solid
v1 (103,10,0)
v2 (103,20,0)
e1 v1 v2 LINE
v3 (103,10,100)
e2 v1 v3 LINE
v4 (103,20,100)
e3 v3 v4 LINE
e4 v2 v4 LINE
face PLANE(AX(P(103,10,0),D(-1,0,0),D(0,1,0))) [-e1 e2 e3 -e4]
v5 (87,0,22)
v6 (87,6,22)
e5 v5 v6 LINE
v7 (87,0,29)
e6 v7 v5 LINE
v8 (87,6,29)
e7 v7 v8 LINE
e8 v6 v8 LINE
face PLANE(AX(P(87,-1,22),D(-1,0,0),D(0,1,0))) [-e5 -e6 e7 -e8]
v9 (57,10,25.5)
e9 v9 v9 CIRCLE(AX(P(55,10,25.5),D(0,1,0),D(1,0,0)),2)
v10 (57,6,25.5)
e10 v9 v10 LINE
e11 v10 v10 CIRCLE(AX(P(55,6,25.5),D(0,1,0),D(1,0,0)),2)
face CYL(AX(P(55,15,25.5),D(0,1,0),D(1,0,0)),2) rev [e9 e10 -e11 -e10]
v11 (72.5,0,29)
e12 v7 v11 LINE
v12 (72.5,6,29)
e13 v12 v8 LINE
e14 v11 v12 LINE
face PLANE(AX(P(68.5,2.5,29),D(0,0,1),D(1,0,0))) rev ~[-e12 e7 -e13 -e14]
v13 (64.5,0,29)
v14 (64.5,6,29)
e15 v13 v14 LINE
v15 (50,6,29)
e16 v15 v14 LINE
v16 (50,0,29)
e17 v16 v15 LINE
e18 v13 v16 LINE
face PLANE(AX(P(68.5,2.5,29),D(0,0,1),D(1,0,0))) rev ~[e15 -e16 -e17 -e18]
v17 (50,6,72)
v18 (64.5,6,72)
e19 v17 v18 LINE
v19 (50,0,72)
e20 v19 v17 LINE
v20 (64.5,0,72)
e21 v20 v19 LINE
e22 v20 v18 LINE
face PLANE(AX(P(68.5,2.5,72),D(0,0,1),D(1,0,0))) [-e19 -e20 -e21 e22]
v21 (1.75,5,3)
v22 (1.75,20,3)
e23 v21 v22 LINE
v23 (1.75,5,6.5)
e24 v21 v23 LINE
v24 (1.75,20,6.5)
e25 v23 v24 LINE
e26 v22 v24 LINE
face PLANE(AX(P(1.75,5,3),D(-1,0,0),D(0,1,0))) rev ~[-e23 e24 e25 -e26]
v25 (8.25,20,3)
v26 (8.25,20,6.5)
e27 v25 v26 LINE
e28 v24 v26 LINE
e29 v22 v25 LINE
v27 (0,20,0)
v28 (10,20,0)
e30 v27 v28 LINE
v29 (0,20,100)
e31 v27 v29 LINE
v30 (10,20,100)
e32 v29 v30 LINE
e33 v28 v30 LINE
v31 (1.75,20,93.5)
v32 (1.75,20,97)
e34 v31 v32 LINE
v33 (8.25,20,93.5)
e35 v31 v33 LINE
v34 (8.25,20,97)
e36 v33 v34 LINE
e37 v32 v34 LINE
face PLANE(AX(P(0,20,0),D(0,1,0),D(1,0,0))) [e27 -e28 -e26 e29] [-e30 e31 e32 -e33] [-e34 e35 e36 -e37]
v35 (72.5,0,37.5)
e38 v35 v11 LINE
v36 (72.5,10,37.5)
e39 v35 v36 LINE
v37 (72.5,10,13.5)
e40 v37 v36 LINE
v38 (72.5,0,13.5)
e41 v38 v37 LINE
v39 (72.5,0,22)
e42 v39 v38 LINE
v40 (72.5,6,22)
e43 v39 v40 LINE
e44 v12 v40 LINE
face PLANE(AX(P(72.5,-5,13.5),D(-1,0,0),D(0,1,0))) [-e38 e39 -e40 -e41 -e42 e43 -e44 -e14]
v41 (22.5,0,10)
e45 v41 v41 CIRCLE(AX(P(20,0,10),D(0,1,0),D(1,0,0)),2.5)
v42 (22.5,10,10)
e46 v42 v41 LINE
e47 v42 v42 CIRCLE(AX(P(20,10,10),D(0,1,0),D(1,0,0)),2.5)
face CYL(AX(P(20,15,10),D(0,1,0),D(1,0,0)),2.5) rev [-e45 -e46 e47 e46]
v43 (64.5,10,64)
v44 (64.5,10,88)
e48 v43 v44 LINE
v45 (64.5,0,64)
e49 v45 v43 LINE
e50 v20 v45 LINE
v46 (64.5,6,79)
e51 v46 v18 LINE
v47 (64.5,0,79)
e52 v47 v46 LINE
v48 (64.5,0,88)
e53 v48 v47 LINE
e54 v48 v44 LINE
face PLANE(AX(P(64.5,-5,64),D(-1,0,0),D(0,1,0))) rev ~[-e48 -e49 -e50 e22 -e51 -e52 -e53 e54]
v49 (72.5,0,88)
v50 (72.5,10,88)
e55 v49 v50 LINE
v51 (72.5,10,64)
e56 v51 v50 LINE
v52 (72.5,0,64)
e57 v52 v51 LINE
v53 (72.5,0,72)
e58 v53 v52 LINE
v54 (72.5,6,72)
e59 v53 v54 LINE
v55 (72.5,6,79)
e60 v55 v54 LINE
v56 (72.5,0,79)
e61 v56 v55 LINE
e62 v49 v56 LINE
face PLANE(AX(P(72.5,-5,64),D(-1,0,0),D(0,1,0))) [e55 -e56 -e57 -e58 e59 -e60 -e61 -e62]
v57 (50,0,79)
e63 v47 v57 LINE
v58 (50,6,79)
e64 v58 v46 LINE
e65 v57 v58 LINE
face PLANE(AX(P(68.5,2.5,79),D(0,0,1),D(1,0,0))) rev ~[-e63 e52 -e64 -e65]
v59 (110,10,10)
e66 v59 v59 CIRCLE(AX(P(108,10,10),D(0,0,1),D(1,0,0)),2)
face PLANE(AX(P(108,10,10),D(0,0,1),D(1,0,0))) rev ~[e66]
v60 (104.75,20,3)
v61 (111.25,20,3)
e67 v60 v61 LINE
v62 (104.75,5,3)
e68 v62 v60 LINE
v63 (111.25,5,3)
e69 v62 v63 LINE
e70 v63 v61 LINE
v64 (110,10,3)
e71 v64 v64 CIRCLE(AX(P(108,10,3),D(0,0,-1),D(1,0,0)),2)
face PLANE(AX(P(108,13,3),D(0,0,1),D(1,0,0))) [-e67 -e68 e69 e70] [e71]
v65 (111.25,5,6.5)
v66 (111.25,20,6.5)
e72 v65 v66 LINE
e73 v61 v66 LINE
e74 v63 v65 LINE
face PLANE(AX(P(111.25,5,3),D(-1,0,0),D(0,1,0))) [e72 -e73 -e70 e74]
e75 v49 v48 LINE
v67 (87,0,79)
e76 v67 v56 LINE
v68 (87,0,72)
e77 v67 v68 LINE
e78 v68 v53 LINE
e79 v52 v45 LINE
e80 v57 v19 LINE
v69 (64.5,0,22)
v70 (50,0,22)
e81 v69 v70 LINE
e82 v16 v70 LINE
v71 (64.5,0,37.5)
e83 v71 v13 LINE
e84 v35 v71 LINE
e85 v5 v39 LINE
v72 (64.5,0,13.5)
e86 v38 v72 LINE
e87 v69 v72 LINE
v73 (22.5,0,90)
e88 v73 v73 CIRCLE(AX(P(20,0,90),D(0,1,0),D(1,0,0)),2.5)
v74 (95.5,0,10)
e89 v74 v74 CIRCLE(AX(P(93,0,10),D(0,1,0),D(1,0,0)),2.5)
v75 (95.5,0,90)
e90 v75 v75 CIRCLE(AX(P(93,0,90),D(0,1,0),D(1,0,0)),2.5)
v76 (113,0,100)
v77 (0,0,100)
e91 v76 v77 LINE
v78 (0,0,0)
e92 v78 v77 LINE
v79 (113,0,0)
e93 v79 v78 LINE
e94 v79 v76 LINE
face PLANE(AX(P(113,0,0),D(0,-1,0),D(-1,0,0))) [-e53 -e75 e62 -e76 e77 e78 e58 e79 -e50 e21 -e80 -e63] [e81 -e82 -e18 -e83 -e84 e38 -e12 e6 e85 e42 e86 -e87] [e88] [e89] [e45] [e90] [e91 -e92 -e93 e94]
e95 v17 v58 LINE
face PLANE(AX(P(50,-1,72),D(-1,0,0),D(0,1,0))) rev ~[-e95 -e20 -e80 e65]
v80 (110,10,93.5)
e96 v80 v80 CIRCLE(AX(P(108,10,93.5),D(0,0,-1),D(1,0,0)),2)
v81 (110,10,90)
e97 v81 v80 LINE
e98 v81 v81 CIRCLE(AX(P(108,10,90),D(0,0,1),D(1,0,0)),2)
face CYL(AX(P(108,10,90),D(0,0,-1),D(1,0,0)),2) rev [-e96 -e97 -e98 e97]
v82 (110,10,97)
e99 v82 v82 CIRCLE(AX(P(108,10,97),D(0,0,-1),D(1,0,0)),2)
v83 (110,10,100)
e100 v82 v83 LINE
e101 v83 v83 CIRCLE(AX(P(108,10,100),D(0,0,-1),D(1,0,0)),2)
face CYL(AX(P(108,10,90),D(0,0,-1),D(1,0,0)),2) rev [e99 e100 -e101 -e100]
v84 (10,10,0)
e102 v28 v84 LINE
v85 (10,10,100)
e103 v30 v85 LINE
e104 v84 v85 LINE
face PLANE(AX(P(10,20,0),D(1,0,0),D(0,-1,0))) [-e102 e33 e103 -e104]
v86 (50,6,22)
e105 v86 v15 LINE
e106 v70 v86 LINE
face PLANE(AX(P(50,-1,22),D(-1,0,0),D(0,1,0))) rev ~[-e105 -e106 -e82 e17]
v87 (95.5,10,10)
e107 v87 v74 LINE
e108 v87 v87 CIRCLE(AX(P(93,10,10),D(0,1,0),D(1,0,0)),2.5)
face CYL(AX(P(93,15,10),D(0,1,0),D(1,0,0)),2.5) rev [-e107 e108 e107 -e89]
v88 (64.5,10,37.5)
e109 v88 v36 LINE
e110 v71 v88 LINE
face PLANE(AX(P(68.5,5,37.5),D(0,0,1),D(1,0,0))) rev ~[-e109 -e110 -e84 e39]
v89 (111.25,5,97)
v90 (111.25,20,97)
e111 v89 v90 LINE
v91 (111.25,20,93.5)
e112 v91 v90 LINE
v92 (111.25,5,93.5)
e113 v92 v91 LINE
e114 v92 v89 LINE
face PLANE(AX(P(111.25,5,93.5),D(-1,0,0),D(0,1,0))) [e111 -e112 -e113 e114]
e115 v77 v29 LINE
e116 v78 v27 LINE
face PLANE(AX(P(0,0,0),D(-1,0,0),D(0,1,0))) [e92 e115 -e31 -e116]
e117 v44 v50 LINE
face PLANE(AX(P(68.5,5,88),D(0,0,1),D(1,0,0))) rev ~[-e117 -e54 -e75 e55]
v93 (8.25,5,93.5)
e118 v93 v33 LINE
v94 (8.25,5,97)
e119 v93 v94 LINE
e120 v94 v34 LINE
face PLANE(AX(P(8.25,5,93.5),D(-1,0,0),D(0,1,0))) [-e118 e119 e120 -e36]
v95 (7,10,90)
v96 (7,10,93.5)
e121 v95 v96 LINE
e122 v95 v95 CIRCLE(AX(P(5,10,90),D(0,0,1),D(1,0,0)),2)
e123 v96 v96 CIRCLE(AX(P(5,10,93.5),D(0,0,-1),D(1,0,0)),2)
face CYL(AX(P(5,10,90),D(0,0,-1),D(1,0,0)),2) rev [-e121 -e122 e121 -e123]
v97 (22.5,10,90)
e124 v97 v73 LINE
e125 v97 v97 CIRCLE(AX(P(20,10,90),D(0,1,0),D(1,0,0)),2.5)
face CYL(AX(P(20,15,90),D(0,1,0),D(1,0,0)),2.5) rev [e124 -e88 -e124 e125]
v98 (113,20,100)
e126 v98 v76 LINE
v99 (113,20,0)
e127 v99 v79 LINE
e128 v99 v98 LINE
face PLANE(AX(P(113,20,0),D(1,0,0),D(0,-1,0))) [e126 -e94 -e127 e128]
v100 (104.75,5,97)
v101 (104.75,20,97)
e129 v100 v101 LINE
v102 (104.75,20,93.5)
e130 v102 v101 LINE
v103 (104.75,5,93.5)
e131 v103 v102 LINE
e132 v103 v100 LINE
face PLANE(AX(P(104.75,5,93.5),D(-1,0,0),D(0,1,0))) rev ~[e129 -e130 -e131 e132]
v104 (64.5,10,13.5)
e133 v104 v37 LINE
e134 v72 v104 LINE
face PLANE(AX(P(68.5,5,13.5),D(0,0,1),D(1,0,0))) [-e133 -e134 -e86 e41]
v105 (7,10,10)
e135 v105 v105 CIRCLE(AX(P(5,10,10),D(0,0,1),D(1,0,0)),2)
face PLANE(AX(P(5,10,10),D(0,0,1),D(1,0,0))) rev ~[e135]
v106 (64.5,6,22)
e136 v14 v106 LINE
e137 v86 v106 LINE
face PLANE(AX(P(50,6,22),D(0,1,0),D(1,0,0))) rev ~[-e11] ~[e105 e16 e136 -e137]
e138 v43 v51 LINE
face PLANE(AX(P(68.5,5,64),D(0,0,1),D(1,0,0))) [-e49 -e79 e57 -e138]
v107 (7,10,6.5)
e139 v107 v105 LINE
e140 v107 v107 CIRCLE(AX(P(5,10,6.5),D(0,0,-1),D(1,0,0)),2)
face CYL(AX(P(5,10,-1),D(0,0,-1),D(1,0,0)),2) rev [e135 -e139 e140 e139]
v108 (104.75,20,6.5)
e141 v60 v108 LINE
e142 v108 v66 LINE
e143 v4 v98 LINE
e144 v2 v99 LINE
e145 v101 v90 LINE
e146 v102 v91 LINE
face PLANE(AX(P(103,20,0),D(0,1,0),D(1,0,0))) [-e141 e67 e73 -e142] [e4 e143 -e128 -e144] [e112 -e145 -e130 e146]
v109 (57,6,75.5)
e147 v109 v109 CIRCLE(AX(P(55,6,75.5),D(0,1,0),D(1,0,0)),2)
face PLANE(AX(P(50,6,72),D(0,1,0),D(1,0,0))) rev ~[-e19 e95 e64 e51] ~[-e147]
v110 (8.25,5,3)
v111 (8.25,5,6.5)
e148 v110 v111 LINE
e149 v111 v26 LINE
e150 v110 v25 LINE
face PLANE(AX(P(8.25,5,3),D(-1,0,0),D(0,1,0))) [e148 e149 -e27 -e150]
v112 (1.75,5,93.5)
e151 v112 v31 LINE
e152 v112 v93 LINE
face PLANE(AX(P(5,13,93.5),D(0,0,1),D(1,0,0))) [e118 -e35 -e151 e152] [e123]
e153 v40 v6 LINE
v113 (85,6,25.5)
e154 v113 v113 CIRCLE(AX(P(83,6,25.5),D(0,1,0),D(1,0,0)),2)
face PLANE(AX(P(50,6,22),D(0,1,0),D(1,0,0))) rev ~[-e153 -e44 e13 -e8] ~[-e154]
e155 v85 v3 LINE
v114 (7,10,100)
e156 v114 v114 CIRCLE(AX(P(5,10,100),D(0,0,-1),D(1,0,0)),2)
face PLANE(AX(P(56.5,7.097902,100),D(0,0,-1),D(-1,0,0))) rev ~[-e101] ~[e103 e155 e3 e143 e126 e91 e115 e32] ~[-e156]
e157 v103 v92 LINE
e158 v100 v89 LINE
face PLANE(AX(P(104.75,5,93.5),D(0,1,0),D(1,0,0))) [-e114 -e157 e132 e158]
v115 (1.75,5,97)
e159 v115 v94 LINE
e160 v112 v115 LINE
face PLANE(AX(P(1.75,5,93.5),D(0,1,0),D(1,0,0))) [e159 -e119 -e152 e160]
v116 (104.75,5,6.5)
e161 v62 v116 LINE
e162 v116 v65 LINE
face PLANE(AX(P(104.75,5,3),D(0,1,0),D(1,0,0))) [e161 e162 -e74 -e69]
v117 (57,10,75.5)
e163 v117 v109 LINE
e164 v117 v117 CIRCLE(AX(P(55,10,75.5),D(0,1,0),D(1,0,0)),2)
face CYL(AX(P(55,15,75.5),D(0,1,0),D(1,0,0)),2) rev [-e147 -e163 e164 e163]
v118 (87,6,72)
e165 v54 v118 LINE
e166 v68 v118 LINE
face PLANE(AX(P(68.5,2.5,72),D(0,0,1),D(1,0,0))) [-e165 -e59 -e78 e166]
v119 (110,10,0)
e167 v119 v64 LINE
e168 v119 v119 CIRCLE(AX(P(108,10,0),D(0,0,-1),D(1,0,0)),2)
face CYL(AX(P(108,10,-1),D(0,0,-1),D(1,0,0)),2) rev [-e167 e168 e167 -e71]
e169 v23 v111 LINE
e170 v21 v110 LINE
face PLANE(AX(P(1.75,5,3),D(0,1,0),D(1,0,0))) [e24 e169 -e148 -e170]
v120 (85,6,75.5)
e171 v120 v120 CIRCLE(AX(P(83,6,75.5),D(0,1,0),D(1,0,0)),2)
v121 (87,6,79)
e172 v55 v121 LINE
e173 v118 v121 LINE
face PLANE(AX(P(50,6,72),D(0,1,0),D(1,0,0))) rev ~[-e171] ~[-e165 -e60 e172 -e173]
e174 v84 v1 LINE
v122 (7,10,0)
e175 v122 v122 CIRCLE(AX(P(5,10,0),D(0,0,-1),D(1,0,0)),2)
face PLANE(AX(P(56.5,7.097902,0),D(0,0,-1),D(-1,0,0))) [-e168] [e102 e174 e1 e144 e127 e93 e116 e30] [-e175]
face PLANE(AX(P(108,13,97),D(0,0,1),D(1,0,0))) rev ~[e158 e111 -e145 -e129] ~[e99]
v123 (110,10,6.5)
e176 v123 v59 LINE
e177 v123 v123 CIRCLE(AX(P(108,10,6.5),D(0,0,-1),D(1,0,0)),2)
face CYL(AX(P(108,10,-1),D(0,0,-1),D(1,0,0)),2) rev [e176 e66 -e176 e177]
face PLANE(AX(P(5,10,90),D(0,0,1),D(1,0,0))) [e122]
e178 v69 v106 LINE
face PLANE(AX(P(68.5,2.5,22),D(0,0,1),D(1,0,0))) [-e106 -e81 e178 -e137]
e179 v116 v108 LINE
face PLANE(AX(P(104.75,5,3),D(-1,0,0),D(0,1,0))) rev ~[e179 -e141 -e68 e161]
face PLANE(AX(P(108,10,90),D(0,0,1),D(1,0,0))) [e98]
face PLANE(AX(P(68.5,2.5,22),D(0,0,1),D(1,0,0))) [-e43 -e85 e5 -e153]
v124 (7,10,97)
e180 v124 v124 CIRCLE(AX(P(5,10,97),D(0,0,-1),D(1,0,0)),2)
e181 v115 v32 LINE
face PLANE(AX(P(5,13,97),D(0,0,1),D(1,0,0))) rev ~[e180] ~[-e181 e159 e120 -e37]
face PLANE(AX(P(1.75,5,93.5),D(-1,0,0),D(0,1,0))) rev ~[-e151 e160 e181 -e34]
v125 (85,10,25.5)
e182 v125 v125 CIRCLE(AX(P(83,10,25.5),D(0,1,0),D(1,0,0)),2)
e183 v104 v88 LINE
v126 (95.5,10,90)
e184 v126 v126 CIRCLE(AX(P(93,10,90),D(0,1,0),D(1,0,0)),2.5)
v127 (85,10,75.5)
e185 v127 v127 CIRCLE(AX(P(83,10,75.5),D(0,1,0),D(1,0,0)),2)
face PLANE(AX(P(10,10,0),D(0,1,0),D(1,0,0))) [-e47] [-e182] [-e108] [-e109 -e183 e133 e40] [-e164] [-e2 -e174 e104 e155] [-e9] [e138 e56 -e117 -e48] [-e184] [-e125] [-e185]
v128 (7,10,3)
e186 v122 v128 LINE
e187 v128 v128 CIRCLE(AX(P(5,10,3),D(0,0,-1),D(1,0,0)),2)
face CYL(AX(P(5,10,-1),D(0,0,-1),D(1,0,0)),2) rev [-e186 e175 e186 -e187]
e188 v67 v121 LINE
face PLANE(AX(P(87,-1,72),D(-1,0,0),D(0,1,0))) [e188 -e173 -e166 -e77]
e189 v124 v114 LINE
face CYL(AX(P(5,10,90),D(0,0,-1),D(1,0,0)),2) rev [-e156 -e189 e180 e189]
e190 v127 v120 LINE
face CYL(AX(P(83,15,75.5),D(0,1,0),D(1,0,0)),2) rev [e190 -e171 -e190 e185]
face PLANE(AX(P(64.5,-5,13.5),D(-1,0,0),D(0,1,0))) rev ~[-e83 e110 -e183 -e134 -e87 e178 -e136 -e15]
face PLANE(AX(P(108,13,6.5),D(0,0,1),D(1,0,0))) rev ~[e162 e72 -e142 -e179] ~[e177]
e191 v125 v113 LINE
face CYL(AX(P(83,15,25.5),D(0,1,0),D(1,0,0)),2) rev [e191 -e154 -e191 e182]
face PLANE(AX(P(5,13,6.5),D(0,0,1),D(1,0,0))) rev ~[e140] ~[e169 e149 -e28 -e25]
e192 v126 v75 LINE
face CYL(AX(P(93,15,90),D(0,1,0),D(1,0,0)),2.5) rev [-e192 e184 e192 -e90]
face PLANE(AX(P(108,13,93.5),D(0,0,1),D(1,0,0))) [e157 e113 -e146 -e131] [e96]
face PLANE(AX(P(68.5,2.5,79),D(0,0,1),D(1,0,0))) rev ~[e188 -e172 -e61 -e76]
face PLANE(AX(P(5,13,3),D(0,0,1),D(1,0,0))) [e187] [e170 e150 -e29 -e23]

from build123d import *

# Parameters (mm, degrees)
CYLINDER002_R          = 2
CYLINDER002_DEPTH      = 11
ARRAY002_X_COUNT       = 2
ARRAY002_X_PITCH       = 103
ARRAY002_Z_COUNT       = 2
ARRAY002_Z_PITCH       = 91
BOX_W                  = 8
BOX_H                  = 20
BOX_DEPTH              = 24
BOX001_W               = 8
BOX001_H               = 20
BOX001_DEPTH           = 24
BOX002_W               = 37
BOX002_H               = 7
BOX002_DEPTH           = 7
BOX003_W               = 37
BOX003_H               = 7
BOX003_DEPTH           = 7
CYLINDER_R             = 2.5
CYLINDER_DEPTH         = 20
CYLINDER_ROLL_ANGLE    = 90
ARRAY_X_COUNT          = 2
ARRAY_X_PITCH          = 73
ARRAY_Z_COUNT          = 2
ARRAY_Z_PITCH          = 80
CYLINDER001_R          = 2
CYLINDER001_DEPTH      = 20
CYLINDER001_ROLL_ANGLE = 90
ARRAY001_X_COUNT       = 2
ARRAY001_X_PITCH       = 28
ARRAY001_Z_COUNT       = 2
ARRAY001_Z_PITCH       = 50
BOX004_W               = 6.5
BOX004_H               = 16
BOX004_DEPTH           = 3.5
ARRAY003_X_COUNT       = 2
ARRAY003_X_PITCH       = 103
ARRAY003_Z_COUNT       = 2
ARRAY003_Z_PITCH       = 90.5
EXTRUDE001_DEPTH       = 100


with BuildPart() as h_bolts_union:
    # Cylinder002 → Cylinder002 (new body)
    with BuildSketch(Plane(origin=(5, 10, -1), x_dir=(1, 0, 0), z_dir=(0, 0, 1))):
        Circle(CYLINDER002_R)
    extrude(amount=CYLINDER002_DEPTH)

    # Array002 X: h_bolts_union ×2


with BuildPart() as h_bolts_union_1:
    add(h_bolts_union.part)
    with Locations(*[(i * ARRAY002_X_PITCH, 0, 0) for i in range(1, ARRAY002_X_COUNT)]):
        add(h_bolts_union.part)

    # Array002 Z: h_bolts_union ×2


with BuildPart() as h_bolts_union_2:
    add(h_bolts_union_1.part)
    with Locations(*[(0, 0, i * ARRAY002_Z_PITCH) for i in range(1, ARRAY002_Z_COUNT)]):
        add(h_bolts_union_1.part)


with BuildPart() as h_bearing_up_v:
    # Box → Box (new body)
    with BuildSketch(Plane(origin=(64.5, -5, 64), x_dir=(1, 0, 0), z_dir=(0, 0, 1))):
        with Locations((4, 10)):
            Rectangle(BOX_W, BOX_H)
    extrude(amount=BOX_DEPTH)


with BuildPart() as h_bearing_dn_v:
    # Box001 → Box001 (new body)
    with BuildSketch(Plane(origin=(64.5, -5, 13.5), x_dir=(1, 0, 0), z_dir=(0, 0, 1))):
        with Locations((4, 10)):
            Rectangle(BOX001_W, BOX001_H)
    extrude(amount=BOX001_DEPTH)


with BuildPart() as h_bearing_dn_h:
    # Box002 → Box002 (new body)
    with BuildSketch(Plane(origin=(50, -1, 22), x_dir=(1, 0, 0), z_dir=(0, 0, 1))):
        with Locations((18.5, 3.5)):
            Rectangle(BOX002_W, BOX002_H)
    extrude(amount=BOX002_DEPTH)


with BuildPart() as h_bearing_up_h:
    # Box003 → Box003 (new body)
    with BuildSketch(Plane(origin=(50, -1, 72), x_dir=(1, 0, 0), z_dir=(0, 0, 1))):
        with Locations((18.5, 3.5)):
            Rectangle(BOX003_W, BOX003_H)
    extrude(amount=BOX003_DEPTH)


with BuildPart() as h_holes_extra_arr:
    # Cylinder → Cylinder (new body)
    with BuildSketch(Plane.XY):
        Circle(CYLINDER_R)
    extrude(amount=CYLINDER_DEPTH)


with BuildPart() as h_holes_extra_arr_1:
    # Cylinder roll: moved
    add(h_holes_extra_arr.part.rotate(Axis((0, 0, 0), (1, 0, 0)), CYLINDER_ROLL_ANGLE))


with BuildPart() as h_holes_extra_arr_2:
    # Cylinder placement: moved
    add(h_holes_extra_arr_1.part.moved(Location((20, 15, 10))))

    # Array X: h_holes_extra_arr ×2


with BuildPart() as h_holes_extra_arr_3:
    add(h_holes_extra_arr_2.part)
    with Locations(*[(i * ARRAY_X_PITCH, 0, 0) for i in range(1, ARRAY_X_COUNT)]):
        add(h_holes_extra_arr_2.part)

    # Array Z: h_holes_extra_arr ×2


with BuildPart() as h_holes_extra_arr_4:
    add(h_holes_extra_arr_3.part)
    with Locations(*[(0, 0, i * ARRAY_Z_PITCH) for i in range(1, ARRAY_Z_COUNT)]):
        add(h_holes_extra_arr_3.part)


with BuildPart() as h_bearing_bolt:
    # Cylinder001 → Cylinder001 (new body)
    with BuildSketch(Plane.XY):
        Circle(CYLINDER001_R)
    extrude(amount=CYLINDER001_DEPTH)


with BuildPart() as h_bearing_bolt_1:
    # Cylinder001 roll: moved
    add(h_bearing_bolt.part.rotate(Axis((0, 0, 0), (1, 0, 0)), CYLINDER001_ROLL_ANGLE))


with BuildPart() as h_bearing_bolt_2:
    # Cylinder001 placement: moved
    add(h_bearing_bolt_1.part.moved(Location((55, 15, 25.5))))

    # Array001 X: h_bearing_bolt ×2


with BuildPart() as h_bearing_bolt_3:
    add(h_bearing_bolt_2.part)
    with Locations(*[(i * ARRAY001_X_PITCH, 0, 0) for i in range(1, ARRAY001_X_COUNT)]):
        add(h_bearing_bolt_2.part)

    # Array001 Z: h_bearing_bolt ×2


with BuildPart() as h_bearing_bolt_4:
    add(h_bearing_bolt_3.part)
    with Locations(*[(0, 0, i * ARRAY001_Z_PITCH) for i in range(1, ARRAY001_Z_COUNT)]):
        add(h_bearing_bolt_3.part)


with BuildPart() as holes:
    # Box004 → Box004 (new body)
    with BuildSketch(Plane(origin=(1.75, 5, 3), x_dir=(1, 0, 0), z_dir=(0, 0, 1))):
        with Locations((3.25, 8)):
            Rectangle(BOX004_W, BOX004_H)
    extrude(amount=BOX004_DEPTH)

    # Array003 X: holes ×2


with BuildPart() as holes_1:
    add(holes.part)
    with Locations(*[(i * ARRAY003_X_PITCH, 0, 0) for i in range(1, ARRAY003_X_COUNT)]):
        add(holes.part)

    # Array003 Z: holes ×2


with BuildPart() as holes_2:
    add(holes_1.part)
    with Locations(*[(0, 0, i * ARRAY003_Z_PITCH) for i in range(1, ARRAY003_Z_COUNT)]):
        add(holes_1.part)

    # Fusion: union h_bolts_union, h_bearing_up_v, h_bearing_dn_v, h_bearing_dn_h, h_bearing_up_h, h_holes_extra_arr, h_bearing_bolt
    add(h_bolts_union_2.part)
    add(h_bearing_up_v.part)
    add(h_bearing_dn_v.part)
    add(h_bearing_dn_h.part)
    add(h_bearing_up_h.part)
    add(h_holes_extra_arr_4.part)
    add(h_bearing_bolt_4.part)


with BuildPart() as cut:
    # Sketch → Extrude001 (new body)
    with BuildSketch(Plane.XY):
        Polygon((-56.5, 20), (-46.5, 20), (-46.5, 10), (46.5, 10), (46.5, 20), (56.5, 20), (56.5, 0), (-56.5, 0), align=None)
    extrude(amount=EXTRUDE001_DEPTH)


with BuildPart() as cut_1:
    # Extrude001 placement: moved
    add(cut.part.moved(Location((56.5, 0, 0))))

    # Cut: cut holes
    add(holes_2.part, mode=Mode.SUBTRACT)


solid = cut_1.part
